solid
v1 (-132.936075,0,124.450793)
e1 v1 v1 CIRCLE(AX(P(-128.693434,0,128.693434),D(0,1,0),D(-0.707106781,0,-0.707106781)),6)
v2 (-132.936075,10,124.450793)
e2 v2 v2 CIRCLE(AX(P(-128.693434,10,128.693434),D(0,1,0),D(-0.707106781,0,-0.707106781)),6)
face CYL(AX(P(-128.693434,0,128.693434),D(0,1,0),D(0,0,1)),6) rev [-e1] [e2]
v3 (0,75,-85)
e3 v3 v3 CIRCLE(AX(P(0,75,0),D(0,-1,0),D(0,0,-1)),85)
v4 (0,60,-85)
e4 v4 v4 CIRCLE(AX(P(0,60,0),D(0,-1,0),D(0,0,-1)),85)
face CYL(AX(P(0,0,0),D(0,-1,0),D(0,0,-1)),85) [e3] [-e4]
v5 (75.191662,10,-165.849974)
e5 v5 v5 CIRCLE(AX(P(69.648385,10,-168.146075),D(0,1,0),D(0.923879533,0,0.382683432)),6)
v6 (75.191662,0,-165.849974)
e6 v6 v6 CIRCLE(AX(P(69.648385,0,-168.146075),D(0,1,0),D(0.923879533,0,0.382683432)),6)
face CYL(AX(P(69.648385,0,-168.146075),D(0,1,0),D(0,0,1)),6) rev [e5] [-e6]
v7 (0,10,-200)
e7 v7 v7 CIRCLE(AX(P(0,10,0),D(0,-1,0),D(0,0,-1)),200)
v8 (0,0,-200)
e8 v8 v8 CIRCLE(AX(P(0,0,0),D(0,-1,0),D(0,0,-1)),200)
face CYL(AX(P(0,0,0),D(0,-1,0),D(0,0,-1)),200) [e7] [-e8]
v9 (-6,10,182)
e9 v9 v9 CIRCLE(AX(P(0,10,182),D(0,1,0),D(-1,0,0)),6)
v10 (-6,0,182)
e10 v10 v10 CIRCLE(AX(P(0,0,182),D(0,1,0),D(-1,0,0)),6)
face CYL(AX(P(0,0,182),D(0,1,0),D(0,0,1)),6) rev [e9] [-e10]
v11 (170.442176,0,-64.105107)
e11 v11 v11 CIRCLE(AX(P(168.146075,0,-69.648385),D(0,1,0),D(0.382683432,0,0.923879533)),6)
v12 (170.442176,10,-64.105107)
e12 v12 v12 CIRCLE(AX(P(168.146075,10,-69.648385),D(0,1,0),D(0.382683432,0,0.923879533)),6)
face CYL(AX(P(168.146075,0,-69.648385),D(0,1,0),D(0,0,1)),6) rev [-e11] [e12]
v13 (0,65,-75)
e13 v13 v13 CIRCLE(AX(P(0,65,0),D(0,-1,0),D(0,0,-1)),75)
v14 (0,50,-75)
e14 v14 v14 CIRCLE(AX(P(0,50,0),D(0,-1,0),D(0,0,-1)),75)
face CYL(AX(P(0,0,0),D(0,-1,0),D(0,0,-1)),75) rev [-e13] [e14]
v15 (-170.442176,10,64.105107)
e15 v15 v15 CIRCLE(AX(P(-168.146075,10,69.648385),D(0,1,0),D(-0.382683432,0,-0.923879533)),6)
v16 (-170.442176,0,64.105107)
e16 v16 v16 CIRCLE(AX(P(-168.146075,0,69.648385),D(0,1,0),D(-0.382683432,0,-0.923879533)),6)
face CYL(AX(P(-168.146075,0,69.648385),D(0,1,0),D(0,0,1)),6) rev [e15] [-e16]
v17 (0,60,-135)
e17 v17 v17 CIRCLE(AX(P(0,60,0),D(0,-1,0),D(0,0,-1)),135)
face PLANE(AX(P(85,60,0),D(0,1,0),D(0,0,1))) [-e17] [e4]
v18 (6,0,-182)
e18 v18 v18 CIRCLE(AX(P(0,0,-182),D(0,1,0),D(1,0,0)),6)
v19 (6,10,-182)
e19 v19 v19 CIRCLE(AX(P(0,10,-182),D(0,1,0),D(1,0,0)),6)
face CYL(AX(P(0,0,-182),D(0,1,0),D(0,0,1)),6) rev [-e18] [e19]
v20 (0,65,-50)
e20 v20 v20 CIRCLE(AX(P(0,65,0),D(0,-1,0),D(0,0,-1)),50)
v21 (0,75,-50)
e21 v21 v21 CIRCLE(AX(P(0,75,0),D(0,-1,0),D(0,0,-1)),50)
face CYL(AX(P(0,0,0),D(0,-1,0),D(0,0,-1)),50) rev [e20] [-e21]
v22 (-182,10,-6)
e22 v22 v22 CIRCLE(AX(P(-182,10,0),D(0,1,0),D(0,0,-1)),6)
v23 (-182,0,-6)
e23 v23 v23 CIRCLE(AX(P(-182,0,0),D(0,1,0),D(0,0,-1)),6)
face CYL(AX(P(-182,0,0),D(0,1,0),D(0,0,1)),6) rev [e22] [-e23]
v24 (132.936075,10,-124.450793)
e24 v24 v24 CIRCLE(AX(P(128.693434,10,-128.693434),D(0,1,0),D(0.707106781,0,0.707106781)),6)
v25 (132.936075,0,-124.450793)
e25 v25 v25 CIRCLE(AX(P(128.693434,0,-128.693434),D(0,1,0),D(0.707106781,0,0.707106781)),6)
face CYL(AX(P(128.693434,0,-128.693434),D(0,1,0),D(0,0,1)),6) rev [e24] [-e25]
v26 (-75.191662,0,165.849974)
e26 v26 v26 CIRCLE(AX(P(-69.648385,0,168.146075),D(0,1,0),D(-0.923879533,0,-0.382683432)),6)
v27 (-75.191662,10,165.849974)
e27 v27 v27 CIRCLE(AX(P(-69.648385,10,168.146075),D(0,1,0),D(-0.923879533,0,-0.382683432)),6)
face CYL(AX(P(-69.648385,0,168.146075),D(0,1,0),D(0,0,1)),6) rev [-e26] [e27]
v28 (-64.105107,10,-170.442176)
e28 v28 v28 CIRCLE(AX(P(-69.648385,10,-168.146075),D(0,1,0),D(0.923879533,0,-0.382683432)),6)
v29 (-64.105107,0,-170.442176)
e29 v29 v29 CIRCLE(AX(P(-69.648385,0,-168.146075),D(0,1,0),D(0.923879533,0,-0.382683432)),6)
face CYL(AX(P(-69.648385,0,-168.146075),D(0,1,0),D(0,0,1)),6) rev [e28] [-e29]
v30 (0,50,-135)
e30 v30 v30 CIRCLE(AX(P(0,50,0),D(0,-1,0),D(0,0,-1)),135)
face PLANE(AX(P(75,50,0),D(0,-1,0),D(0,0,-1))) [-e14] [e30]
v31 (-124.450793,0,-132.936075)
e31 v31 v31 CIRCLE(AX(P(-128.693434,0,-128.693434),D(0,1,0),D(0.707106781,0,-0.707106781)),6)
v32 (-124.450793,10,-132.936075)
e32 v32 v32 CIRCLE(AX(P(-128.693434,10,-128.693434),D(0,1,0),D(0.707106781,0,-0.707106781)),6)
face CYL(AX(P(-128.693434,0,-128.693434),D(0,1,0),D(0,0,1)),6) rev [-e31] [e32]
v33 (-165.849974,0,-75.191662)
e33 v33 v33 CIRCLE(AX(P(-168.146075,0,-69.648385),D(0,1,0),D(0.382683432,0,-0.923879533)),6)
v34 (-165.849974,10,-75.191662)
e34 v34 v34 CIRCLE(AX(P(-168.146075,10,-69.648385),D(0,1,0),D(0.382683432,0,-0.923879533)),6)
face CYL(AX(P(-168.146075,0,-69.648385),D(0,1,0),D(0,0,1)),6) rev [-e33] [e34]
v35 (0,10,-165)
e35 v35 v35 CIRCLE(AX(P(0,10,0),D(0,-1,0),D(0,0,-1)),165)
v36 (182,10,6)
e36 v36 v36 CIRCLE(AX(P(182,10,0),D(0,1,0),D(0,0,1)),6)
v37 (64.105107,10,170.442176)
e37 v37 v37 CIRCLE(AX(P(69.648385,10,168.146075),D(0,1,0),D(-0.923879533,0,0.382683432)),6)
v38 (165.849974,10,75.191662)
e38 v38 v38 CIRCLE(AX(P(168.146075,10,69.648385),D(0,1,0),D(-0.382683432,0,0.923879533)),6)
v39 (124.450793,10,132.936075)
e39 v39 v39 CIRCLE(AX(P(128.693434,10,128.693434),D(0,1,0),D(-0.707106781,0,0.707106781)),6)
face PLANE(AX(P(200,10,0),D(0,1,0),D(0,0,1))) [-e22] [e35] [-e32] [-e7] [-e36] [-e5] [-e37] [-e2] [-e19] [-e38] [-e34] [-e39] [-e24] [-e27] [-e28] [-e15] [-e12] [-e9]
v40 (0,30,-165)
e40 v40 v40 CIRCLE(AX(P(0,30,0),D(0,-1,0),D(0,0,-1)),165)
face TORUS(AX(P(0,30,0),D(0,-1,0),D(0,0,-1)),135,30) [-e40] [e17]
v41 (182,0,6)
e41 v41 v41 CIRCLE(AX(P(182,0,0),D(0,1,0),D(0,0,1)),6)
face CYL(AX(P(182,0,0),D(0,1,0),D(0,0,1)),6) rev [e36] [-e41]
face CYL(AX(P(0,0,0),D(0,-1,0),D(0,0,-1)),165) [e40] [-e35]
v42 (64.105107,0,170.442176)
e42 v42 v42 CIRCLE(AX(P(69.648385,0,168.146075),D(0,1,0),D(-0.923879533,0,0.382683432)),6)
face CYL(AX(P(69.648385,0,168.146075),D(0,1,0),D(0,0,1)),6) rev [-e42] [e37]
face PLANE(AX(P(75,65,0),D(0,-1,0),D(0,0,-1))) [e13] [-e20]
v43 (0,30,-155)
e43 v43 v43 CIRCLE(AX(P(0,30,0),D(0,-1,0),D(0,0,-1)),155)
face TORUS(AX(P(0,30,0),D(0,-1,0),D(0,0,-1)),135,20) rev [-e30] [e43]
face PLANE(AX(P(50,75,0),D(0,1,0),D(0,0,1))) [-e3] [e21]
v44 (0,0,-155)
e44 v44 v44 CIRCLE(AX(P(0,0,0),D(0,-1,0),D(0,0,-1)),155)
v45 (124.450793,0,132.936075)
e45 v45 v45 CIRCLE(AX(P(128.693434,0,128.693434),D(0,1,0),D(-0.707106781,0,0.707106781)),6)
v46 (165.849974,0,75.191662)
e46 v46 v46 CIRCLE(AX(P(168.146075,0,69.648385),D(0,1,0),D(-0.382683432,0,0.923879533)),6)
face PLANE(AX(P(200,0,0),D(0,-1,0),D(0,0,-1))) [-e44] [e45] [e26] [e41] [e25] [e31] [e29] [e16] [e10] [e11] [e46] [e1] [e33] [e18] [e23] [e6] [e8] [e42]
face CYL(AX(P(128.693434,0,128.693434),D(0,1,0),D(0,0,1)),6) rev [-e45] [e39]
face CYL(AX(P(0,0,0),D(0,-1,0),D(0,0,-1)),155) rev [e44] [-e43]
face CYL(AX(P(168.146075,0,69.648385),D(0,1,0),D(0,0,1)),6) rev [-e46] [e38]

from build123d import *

# Parameters (mm, degrees)
SKETCH2_R          = 6
CUT_EXTRUDE1_DEPTH = 11
CIRPATTERN1_COUNT  = 16


with BuildPart() as part:
    # Sketch1 → Revolve1 (revolve)
    with BuildSketch(Plane.XY):
        with BuildLine():
            Line((200, 0), (200, 10))
            Line((200, 10), (165, 10))
            Line((165, 10), (165, 30))
            ThreePointArc((165, 30), (156.213203436, 51.213203436), (135, 60))
            Line((135, 60), (85, 60))
            Line((85, 60), (85, 75))
            Line((85, 75), (50, 75))
            Line((50, 75), (50, 65))
            Line((50, 65), (75, 65))
            Line((75, 65), (75, 50))
            Line((75, 50), (135, 50))
            ThreePointArc((135, 50), (149.142135624, 44.142135624), (155, 30))
            Line((155, 30), (155, 0))
            Line((155, 0), (200, 0))
        make_face()
    revolve(axis=Axis((0, 0, 0), (0, 1, 0)))

    # Sketch2 → Cut-Extrude1 (cut, through all)
    with BuildSketch(Plane(origin=(0, 10, 0), x_dir=(1, 0, 0), z_dir=(0, 1, 0))):
        with Locations((182, 0)):
            Circle(SKETCH2_R)
    cut_extrude1 = extrude(amount=-CUT_EXTRUDE1_DEPTH, mode=Mode.SUBTRACT)

    # CirPattern1: Cut-Extrude1 ×16 about axis
    cirpattern1_axis = Axis((0, 0, 0), (0, 1, 0))
    for i in range(1, CIRPATTERN1_COUNT):
        add(cut_extrude1.rotate(cirpattern1_axis, i * 360 / CIRPATTERN1_COUNT), mode=Mode.SUBTRACT)


solid = part.part
